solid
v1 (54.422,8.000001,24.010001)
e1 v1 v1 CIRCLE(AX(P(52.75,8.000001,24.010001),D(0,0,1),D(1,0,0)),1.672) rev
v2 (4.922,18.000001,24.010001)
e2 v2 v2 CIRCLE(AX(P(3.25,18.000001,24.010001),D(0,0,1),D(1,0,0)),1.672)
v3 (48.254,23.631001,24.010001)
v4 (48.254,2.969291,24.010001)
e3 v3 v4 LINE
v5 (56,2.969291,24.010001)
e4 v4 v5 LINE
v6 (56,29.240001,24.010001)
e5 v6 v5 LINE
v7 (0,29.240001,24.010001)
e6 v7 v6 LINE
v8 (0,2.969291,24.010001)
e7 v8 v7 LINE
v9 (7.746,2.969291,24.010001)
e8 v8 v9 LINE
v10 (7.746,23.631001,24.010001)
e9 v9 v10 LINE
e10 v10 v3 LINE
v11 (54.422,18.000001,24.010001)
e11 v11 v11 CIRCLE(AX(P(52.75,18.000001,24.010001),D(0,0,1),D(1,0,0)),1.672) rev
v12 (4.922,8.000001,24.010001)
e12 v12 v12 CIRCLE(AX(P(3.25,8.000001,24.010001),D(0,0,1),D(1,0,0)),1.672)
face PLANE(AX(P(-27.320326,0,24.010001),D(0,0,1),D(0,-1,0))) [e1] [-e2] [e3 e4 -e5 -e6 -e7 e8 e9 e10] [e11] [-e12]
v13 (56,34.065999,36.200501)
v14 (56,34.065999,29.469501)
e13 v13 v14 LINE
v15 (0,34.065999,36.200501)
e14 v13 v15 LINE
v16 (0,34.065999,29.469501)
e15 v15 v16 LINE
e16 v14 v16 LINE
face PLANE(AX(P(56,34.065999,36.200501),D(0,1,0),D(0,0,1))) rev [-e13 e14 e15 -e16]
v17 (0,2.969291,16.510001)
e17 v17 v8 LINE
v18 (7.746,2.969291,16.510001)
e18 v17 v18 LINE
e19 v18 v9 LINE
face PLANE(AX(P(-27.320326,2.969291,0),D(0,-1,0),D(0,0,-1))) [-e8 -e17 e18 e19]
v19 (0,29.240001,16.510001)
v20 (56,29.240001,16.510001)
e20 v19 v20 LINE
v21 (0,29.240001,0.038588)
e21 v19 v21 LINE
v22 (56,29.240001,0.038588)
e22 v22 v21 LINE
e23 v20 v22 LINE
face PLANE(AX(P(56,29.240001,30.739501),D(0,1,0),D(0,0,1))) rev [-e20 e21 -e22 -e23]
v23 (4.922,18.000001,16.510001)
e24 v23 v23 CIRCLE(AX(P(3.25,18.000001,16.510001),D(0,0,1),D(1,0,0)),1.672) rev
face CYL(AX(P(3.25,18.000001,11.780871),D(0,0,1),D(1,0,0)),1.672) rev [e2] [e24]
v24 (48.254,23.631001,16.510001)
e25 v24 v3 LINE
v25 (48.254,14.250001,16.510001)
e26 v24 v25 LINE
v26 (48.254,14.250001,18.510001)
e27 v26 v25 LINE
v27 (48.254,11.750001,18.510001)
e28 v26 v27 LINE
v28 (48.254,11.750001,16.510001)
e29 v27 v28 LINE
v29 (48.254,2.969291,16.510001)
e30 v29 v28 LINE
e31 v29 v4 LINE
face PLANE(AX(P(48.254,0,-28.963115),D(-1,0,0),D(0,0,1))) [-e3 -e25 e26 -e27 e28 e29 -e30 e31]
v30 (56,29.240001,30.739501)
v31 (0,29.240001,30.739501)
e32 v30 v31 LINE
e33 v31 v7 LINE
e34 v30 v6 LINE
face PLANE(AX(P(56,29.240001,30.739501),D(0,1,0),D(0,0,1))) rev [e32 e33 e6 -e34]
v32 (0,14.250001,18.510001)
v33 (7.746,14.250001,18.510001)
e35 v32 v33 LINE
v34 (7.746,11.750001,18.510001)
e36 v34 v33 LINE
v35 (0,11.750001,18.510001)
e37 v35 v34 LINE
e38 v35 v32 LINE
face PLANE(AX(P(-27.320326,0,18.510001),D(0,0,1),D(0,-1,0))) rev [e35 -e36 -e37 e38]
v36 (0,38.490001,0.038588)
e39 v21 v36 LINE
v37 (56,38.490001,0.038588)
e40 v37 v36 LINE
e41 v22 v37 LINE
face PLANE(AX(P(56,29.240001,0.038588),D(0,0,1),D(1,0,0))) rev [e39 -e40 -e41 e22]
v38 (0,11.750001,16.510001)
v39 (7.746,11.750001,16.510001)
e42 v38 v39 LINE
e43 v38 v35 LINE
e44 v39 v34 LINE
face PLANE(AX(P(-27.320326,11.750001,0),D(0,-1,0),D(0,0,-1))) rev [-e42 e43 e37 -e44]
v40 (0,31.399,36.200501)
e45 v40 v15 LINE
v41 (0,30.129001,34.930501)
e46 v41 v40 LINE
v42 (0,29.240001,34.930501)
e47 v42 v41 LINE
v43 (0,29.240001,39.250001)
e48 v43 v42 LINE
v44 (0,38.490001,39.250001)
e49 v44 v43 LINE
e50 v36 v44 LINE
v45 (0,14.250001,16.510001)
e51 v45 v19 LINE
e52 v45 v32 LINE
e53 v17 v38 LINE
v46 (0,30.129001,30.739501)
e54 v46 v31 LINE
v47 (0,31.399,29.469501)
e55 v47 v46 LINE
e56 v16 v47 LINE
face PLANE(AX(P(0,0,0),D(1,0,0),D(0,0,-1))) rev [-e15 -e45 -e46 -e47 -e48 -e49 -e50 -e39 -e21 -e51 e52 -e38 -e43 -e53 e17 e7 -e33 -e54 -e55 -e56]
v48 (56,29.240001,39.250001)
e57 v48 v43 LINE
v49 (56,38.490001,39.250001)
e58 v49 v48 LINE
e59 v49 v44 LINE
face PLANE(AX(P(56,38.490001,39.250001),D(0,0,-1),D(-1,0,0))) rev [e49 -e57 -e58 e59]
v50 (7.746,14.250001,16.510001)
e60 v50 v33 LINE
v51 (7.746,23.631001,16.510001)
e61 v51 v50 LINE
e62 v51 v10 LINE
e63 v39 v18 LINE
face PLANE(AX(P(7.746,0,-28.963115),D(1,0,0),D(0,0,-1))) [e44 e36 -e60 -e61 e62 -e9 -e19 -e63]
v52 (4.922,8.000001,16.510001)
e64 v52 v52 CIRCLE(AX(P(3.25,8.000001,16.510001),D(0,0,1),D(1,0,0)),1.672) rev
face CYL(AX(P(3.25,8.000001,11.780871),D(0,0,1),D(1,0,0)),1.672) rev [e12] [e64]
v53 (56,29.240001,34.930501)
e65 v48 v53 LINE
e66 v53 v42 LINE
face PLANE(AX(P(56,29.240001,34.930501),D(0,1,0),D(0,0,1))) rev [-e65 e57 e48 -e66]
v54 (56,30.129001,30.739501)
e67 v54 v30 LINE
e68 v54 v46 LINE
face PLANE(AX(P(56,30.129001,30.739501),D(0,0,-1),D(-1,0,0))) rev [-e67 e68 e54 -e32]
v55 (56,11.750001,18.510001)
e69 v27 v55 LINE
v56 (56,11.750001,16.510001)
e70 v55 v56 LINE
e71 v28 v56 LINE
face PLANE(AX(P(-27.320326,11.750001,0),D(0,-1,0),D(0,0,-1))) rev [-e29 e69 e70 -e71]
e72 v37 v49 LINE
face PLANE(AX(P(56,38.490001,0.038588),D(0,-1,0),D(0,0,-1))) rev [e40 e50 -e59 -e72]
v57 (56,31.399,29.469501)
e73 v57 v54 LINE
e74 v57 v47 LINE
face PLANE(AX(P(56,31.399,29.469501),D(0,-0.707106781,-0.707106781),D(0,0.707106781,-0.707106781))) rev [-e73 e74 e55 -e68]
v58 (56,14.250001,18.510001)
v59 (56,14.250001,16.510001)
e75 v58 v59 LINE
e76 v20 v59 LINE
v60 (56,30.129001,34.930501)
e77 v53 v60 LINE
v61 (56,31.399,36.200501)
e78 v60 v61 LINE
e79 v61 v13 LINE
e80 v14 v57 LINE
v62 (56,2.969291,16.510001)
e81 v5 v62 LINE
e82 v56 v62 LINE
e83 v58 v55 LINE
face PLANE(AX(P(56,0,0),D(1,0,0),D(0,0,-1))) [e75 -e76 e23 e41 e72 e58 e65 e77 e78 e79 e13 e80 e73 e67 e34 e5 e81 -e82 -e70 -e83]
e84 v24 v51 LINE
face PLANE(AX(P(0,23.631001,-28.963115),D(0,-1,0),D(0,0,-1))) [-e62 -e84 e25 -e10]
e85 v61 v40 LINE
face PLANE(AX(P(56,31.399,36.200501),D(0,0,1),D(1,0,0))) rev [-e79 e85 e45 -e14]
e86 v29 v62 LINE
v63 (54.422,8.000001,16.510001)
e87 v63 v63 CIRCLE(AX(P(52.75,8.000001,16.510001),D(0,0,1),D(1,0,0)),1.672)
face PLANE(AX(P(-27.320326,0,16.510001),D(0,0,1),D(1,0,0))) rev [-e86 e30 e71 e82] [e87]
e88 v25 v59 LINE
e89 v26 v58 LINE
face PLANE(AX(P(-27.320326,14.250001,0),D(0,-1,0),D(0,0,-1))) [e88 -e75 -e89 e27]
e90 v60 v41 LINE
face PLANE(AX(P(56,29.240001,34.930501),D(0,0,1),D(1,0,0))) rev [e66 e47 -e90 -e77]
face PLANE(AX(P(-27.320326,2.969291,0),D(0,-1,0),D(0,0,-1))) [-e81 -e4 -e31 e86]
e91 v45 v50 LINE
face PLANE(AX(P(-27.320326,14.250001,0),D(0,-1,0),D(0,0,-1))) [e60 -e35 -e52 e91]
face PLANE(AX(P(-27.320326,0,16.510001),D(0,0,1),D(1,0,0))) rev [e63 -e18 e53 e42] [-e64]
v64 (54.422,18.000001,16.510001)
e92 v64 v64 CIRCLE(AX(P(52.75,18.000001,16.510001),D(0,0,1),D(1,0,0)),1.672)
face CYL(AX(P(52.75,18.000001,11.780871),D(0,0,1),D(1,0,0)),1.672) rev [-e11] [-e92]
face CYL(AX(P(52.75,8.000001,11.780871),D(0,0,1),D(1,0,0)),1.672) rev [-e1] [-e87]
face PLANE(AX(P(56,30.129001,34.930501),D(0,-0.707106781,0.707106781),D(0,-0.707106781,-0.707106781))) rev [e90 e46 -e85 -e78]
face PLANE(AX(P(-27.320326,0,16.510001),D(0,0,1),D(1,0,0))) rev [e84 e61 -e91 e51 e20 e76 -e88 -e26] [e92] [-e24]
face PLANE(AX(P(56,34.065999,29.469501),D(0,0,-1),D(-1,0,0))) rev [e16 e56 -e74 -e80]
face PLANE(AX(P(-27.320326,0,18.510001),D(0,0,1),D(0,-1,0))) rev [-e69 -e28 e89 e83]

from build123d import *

# Parameters (mm, degrees)
BOSS_EXTRUDE1_DEPTH = 56
BOSS_EXTRUDE2_DEPTH = 56
CUT_EXTRUDE1_REACH  = 74.056
SKETCH6_R           = 1.672
CUT_EXTRUDE4_DEPTH  = 7.5


with BuildPart() as part:
    # Sketch2 → Boss-Extrude1 (new body)
    with BuildSketch(Plane(origin=(0, 0, 0), x_dir=(0, 0, -1), z_dir=(1, 0, 0))):
        Polygon((-39.250001311, 38.490001112), (-39.250001311, 29.240000993), (-34.930501133, 29.240000993), (-34.930501133, 30.129000545), (-36.200501025, 31.399000436), (-36.200501025, 34.065999091), (-29.469501227, 34.065999091), (-29.469501227, 31.399000436), (-30.739501119, 30.129000545), (-30.739501119, 29.240000993), (-0.03858842, 29.240000993), (-0.03858842, 38.490001112), align=None)
    extrude(amount=BOSS_EXTRUDE1_DEPTH)

    # Sketch3 → Boss-Extrude2 (add)
    with BuildSketch(Plane(origin=(56, 0, 0), x_dir=(0, 0, -1), z_dir=(1, 0, 0))):
        Polygon((-18.510001311, 29.240000993), (-24.010001311, 29.240000993), (-24.010001311, 2.969290993), (-16.510001311, 2.969290993), (-16.510001311, 11.750000993), (-18.510001311, 11.750000993), (-18.510001311, 14.250000993), (-16.510001311, 14.250000993), (-16.510001311, 29.240000993), align=None)
    extrude(amount=-BOSS_EXTRUDE2_DEPTH)

    # Cut-Extrude1: up to this face of the body (flat: up to its plane)
    cut_extrude1_end = Plane(part.part.faces().sort_by_distance((28, 21.745000993, 16.510001311))[0])
    # Sketch4 → Cut-Extrude1 (cut, up to the picked face)
    with BuildSketch(Plane.XY.offset(24.010001311), mode=Mode.PRIVATE) as cut_extrude1_sk1:
        Polygon((48.254, 23.631000993), (26.180665343, 23.631000993), (7.746, 23.631000993), (7.746, 20.223656135), (7.746, 7.540175529), (7.746, 2.969290993), (48.254, 2.969290993), (48.254, 20.898309359), align=None)
    cut_extrude1_tool1 = split(extrude(cut_extrude1_sk1.sketch, amount=-CUT_EXTRUDE1_REACH, mode=Mode.PRIVATE), bisect_by=cut_extrude1_end, keep=Keep.BOTH, mode=Mode.PRIVATE)
    add(cut_extrude1_tool1.solids().sort_by(Axis((28, 13.300146, 24.010001), (0, 0, -1)))[0], mode=Mode.SUBTRACT)

    # Sketch6 → Cut-Extrude4 (cut)
    with BuildSketch(Plane.XY.offset(24.010001311)):
        with Locations((3.25, 18.000000993)):
            Circle(SKETCH6_R)
        with Locations((3.25, 8.000000993)):
            Circle(SKETCH6_R)
        with Locations((52.75, 18.000000993)):
            Circle(SKETCH6_R)
        with Locations((52.75, 8.000000993)):
            Circle(SKETCH6_R)
    extrude(amount=-CUT_EXTRUDE4_DEPTH, mode=Mode.SUBTRACT)


solid = part.part
